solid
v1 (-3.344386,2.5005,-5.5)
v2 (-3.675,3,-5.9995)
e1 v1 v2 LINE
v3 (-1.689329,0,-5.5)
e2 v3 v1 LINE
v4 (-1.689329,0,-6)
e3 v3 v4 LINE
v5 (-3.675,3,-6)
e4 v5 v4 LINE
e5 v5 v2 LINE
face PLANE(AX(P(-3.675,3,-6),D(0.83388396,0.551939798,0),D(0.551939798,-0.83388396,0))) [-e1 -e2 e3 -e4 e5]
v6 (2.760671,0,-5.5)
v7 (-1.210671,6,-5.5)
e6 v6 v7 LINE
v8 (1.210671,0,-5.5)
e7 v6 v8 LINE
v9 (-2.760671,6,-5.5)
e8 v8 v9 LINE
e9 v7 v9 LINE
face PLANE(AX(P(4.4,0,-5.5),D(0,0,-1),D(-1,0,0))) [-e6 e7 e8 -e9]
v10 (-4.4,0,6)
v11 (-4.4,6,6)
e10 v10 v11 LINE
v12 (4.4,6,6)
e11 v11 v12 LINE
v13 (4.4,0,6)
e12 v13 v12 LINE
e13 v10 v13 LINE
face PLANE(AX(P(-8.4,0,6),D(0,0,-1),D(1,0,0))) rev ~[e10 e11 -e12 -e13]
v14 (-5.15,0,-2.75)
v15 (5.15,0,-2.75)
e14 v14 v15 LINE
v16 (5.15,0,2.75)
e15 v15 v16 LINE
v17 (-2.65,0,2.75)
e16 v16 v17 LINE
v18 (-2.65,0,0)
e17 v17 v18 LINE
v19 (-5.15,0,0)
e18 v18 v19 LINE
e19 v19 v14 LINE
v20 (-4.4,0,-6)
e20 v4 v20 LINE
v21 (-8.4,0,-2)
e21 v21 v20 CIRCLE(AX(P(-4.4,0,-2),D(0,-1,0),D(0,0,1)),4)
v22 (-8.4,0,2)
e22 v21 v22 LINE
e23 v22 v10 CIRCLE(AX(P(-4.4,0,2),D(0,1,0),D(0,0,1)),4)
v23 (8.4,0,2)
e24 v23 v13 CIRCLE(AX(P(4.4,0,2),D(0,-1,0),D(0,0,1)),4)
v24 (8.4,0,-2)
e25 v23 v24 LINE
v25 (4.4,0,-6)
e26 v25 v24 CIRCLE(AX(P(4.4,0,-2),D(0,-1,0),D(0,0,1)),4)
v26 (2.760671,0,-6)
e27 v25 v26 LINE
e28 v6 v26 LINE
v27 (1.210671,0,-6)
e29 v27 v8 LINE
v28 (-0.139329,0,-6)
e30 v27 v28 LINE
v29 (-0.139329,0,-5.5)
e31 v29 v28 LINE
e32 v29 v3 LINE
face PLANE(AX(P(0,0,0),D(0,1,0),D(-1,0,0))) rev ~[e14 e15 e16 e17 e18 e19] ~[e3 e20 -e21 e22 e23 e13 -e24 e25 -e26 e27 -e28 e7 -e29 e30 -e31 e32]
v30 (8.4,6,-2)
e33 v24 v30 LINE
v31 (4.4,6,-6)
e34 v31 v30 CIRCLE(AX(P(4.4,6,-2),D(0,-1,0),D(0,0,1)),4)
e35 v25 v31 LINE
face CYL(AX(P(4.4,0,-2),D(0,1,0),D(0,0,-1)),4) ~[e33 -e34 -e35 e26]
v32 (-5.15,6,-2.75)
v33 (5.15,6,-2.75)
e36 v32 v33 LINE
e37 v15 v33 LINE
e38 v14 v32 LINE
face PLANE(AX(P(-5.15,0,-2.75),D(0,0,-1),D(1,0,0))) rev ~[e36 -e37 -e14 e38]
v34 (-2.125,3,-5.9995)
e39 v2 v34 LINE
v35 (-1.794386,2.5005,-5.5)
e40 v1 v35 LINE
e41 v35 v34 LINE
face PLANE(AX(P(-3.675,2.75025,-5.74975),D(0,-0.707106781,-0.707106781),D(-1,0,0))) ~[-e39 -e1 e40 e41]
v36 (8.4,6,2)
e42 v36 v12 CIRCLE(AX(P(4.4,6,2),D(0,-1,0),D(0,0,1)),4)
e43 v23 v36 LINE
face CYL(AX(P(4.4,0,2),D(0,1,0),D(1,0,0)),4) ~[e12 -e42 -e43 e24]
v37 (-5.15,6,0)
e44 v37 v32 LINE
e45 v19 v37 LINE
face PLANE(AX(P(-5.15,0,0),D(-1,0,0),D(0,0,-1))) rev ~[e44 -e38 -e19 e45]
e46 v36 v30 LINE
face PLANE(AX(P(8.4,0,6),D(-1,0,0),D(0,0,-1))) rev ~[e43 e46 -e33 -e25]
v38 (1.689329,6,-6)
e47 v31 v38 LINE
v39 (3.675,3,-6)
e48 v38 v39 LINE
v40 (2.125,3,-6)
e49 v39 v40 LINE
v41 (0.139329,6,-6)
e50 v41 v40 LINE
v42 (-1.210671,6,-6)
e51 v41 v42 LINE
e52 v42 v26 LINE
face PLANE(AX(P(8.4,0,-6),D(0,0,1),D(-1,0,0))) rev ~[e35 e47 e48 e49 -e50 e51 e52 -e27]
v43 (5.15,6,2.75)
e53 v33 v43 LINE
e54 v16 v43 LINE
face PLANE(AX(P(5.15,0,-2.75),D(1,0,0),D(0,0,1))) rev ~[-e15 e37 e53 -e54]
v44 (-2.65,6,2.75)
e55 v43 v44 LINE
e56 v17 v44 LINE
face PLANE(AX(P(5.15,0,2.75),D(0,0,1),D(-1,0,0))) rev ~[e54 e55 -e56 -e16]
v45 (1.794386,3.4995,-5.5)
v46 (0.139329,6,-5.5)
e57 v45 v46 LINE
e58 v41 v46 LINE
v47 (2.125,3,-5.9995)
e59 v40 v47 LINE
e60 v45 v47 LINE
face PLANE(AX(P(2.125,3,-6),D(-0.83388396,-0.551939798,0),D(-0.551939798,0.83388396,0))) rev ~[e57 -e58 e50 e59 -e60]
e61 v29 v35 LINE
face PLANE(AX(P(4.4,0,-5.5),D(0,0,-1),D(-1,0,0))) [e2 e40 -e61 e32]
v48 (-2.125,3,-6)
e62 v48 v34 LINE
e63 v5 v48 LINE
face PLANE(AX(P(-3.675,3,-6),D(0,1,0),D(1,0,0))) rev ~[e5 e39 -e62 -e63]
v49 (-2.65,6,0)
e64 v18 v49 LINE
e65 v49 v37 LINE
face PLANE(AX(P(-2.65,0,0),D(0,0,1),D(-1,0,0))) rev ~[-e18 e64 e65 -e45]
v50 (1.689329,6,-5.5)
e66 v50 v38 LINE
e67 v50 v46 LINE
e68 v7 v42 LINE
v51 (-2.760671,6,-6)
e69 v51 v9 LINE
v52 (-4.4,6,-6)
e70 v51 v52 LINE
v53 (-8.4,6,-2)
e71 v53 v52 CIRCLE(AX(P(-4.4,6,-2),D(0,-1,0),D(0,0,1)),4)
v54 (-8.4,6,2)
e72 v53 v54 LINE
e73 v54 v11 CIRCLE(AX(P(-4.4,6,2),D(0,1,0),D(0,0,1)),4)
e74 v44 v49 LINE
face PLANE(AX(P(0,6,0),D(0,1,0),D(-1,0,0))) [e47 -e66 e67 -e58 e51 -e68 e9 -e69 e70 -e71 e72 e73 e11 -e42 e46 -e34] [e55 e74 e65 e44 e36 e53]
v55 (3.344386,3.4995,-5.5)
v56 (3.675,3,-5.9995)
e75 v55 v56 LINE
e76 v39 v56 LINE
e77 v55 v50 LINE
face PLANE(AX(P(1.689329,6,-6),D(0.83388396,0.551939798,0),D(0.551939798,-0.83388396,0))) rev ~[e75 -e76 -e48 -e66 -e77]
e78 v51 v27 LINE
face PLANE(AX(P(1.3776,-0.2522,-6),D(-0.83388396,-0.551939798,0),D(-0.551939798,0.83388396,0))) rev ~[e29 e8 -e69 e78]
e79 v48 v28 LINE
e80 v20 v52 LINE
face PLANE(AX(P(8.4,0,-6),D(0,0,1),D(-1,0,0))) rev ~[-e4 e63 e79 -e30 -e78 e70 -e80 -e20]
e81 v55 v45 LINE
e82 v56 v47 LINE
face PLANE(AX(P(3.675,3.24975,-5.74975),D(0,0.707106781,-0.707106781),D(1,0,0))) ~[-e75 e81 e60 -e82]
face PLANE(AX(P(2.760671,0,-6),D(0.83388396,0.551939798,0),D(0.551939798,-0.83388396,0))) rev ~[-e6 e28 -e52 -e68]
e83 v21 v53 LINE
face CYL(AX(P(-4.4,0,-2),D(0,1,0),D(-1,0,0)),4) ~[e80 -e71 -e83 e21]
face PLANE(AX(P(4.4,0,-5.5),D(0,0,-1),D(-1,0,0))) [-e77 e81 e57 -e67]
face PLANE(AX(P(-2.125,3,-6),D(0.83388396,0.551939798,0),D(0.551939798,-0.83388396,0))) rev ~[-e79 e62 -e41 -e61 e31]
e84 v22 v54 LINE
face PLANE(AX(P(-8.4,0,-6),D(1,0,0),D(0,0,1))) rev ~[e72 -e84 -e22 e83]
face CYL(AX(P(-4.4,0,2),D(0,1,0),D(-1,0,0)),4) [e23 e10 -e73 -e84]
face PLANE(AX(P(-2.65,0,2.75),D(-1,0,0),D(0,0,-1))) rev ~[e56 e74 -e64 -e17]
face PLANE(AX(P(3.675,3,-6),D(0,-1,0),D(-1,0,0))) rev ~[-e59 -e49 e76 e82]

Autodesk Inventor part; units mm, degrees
ref_plane "YZ Plane" through (0, 0, 0) normal (1, 0, 0) x (0, 1, 0)
ref_plane "XZ Plane" through (0, 0, 0) normal (0, 1, 0) x (-1, 0, 0)
ref_plane "XY Plane" through (0, 0, 0) normal (0, 0, 1) x (1, 0, 0)
sketch "Skizze1" plane through (0, 0, 0) normal (0, 1, 0) x (-1, 0, 0)
  line L0 (-5.15, 2.75) -> (2.65, 2.75)
  line L1 (2.65, 2.75) -> (2.65, 0)
  line L2 (2.65, 0) -> (5.15, 0)
  line L3 (5.15, 0) -> (5.15, -2.75)
  line L4 (5.15, -2.75) -> (-5.15, -2.75)
  line L5 (-5.15, -2.75) -> (-5.15, 2.75)
  line L6 (8.4, 6) -> (-8.4, 6)
  line L7 (-8.4, 6) -> (-8.4, -6)
  line L8 (-8.4, -6) -> (8.4, -6)
  line L9 (8.4, -6) -> (8.4, 6)
  line L10 (8.4, 6) -> (-8.4, -6) construction
  line L11 (-8.4, 6) -> (8.4, -6) construction
  point P0 (0, 0)
  point P1 (0, 0)
  dimension "d0" = 16.8
  dimension "d1" = 12
  dimension "d2" = 5.5
  dimension "d3" = 10.3
  dimension "d4" = 2.75
  dimension "d5" = 7.8
  dimension "d6" = 2.75
  dimension "d7" = 3.25
  dimension "d8" = 3.25
extrude "Extrusion1" add sketch "Skizze1" along normal blind 6
fillet "Rundung1" radius 4 4 edges at (8.4, 3, -6) (8.4, 3, 6) (-8.4, 3, -6) (-8.4, 3, 6)
sketch "Skizze3" plane through (4.4, 0, -6) normal (0, 0, -1) x (-1, 0, 0)
  line L0 (8.075, 3) -> (6.525, 3)
  line L1 (6.525, 3) -> (4.3724, -0.2522)
  line L2 (8.075, 3) -> (5.9224, -0.2522)
  line L3 (8.075, 3) -> (11.975, 3) construction
  line L4 (5.9224, -0.2522) -> (4.3724, -0.2522)
  line L5 (3.0224, -0.2522) -> (7.3276, 6.2522)
  line L6 (3.0224, -0.2522) -> (10.8224, -0.2522) construction
  line L7 (7.3276, 6.2522) -> (5.7776, 6.2522)
  line L8 (7.3276, 6.2522) -> (8.8776, 6.2522) construction
  line L9 (5.7776, 6.2522) -> (1.4724, -0.2522)
  line L10 (1.4724, -0.2522) -> (3.0224, -0.2522)
  line L11 (4.4276, 6.2522) -> (2.8776, 6.2522)
  line L12 (2.8776, 6.2522) -> (0.725, 3)
  line L13 (0.725, 3) -> (2.275, 3)
  line L14 (0.725, 3) -> (2.275, 3) construction
  line L15 (2.275, 3) -> (4.4276, 6.2522)
  line L16 (-4, 6) -> (-4, 0) projected
  line L17 (12.8, 0) -> (12.8, 6) projected
  line L18 (0, 6) -> (8.8, 6) projected
  line L19 (0, 0) -> (8.8, 0) projected
  point P0 (4.4, 0)
  point P1 (0, 9.9522)
  dimension "d21" = 3.9
  dimension "d22" = 123.5
  dimension "d23" = 3.9
  dimension "d24" = 123.5
  dimension "d25" = 7.8
  dimension "d26" = 56.5
  dimension "d27" = 1.55
  dimension "d28" = 1.55
  dimension "d29" = 1.55
  dimension "d30" = 180
  dimension "d31" = 123.5
  dimension "d32" = 1.55
  dimension "d33" = 3.9
  dimension "d34" = 123.5
  dimension "d35" = 1.55
  dimension "d36" = 0
  dimension "d37" = 1.35
  dimension "d38" = 1.35
  dimension "d39" = 7.35
  dimension "d42" = 3.7
  dimension "d43" = 0
  dimension "d50" = 4.725
  dimension "d51" = 4.725
  dimension "d52" = -0.2521
  dimension "d53" = 0.2521
extrude "Extrusion3" cut sketch "Skizze3" against normal blind 0.5
chamfer "Fase2" distance 0.5 angle 45 2 edges at (-2.9, 3, -5.5) (2.9, 3, -5.5)
equation "\"d0\" = d3 + 2 * d7"
equation "\"d7\" = d8"
equation "\"d37\" = d38"
equation "\"d50\" = d51"
properties part number "Piholder"
